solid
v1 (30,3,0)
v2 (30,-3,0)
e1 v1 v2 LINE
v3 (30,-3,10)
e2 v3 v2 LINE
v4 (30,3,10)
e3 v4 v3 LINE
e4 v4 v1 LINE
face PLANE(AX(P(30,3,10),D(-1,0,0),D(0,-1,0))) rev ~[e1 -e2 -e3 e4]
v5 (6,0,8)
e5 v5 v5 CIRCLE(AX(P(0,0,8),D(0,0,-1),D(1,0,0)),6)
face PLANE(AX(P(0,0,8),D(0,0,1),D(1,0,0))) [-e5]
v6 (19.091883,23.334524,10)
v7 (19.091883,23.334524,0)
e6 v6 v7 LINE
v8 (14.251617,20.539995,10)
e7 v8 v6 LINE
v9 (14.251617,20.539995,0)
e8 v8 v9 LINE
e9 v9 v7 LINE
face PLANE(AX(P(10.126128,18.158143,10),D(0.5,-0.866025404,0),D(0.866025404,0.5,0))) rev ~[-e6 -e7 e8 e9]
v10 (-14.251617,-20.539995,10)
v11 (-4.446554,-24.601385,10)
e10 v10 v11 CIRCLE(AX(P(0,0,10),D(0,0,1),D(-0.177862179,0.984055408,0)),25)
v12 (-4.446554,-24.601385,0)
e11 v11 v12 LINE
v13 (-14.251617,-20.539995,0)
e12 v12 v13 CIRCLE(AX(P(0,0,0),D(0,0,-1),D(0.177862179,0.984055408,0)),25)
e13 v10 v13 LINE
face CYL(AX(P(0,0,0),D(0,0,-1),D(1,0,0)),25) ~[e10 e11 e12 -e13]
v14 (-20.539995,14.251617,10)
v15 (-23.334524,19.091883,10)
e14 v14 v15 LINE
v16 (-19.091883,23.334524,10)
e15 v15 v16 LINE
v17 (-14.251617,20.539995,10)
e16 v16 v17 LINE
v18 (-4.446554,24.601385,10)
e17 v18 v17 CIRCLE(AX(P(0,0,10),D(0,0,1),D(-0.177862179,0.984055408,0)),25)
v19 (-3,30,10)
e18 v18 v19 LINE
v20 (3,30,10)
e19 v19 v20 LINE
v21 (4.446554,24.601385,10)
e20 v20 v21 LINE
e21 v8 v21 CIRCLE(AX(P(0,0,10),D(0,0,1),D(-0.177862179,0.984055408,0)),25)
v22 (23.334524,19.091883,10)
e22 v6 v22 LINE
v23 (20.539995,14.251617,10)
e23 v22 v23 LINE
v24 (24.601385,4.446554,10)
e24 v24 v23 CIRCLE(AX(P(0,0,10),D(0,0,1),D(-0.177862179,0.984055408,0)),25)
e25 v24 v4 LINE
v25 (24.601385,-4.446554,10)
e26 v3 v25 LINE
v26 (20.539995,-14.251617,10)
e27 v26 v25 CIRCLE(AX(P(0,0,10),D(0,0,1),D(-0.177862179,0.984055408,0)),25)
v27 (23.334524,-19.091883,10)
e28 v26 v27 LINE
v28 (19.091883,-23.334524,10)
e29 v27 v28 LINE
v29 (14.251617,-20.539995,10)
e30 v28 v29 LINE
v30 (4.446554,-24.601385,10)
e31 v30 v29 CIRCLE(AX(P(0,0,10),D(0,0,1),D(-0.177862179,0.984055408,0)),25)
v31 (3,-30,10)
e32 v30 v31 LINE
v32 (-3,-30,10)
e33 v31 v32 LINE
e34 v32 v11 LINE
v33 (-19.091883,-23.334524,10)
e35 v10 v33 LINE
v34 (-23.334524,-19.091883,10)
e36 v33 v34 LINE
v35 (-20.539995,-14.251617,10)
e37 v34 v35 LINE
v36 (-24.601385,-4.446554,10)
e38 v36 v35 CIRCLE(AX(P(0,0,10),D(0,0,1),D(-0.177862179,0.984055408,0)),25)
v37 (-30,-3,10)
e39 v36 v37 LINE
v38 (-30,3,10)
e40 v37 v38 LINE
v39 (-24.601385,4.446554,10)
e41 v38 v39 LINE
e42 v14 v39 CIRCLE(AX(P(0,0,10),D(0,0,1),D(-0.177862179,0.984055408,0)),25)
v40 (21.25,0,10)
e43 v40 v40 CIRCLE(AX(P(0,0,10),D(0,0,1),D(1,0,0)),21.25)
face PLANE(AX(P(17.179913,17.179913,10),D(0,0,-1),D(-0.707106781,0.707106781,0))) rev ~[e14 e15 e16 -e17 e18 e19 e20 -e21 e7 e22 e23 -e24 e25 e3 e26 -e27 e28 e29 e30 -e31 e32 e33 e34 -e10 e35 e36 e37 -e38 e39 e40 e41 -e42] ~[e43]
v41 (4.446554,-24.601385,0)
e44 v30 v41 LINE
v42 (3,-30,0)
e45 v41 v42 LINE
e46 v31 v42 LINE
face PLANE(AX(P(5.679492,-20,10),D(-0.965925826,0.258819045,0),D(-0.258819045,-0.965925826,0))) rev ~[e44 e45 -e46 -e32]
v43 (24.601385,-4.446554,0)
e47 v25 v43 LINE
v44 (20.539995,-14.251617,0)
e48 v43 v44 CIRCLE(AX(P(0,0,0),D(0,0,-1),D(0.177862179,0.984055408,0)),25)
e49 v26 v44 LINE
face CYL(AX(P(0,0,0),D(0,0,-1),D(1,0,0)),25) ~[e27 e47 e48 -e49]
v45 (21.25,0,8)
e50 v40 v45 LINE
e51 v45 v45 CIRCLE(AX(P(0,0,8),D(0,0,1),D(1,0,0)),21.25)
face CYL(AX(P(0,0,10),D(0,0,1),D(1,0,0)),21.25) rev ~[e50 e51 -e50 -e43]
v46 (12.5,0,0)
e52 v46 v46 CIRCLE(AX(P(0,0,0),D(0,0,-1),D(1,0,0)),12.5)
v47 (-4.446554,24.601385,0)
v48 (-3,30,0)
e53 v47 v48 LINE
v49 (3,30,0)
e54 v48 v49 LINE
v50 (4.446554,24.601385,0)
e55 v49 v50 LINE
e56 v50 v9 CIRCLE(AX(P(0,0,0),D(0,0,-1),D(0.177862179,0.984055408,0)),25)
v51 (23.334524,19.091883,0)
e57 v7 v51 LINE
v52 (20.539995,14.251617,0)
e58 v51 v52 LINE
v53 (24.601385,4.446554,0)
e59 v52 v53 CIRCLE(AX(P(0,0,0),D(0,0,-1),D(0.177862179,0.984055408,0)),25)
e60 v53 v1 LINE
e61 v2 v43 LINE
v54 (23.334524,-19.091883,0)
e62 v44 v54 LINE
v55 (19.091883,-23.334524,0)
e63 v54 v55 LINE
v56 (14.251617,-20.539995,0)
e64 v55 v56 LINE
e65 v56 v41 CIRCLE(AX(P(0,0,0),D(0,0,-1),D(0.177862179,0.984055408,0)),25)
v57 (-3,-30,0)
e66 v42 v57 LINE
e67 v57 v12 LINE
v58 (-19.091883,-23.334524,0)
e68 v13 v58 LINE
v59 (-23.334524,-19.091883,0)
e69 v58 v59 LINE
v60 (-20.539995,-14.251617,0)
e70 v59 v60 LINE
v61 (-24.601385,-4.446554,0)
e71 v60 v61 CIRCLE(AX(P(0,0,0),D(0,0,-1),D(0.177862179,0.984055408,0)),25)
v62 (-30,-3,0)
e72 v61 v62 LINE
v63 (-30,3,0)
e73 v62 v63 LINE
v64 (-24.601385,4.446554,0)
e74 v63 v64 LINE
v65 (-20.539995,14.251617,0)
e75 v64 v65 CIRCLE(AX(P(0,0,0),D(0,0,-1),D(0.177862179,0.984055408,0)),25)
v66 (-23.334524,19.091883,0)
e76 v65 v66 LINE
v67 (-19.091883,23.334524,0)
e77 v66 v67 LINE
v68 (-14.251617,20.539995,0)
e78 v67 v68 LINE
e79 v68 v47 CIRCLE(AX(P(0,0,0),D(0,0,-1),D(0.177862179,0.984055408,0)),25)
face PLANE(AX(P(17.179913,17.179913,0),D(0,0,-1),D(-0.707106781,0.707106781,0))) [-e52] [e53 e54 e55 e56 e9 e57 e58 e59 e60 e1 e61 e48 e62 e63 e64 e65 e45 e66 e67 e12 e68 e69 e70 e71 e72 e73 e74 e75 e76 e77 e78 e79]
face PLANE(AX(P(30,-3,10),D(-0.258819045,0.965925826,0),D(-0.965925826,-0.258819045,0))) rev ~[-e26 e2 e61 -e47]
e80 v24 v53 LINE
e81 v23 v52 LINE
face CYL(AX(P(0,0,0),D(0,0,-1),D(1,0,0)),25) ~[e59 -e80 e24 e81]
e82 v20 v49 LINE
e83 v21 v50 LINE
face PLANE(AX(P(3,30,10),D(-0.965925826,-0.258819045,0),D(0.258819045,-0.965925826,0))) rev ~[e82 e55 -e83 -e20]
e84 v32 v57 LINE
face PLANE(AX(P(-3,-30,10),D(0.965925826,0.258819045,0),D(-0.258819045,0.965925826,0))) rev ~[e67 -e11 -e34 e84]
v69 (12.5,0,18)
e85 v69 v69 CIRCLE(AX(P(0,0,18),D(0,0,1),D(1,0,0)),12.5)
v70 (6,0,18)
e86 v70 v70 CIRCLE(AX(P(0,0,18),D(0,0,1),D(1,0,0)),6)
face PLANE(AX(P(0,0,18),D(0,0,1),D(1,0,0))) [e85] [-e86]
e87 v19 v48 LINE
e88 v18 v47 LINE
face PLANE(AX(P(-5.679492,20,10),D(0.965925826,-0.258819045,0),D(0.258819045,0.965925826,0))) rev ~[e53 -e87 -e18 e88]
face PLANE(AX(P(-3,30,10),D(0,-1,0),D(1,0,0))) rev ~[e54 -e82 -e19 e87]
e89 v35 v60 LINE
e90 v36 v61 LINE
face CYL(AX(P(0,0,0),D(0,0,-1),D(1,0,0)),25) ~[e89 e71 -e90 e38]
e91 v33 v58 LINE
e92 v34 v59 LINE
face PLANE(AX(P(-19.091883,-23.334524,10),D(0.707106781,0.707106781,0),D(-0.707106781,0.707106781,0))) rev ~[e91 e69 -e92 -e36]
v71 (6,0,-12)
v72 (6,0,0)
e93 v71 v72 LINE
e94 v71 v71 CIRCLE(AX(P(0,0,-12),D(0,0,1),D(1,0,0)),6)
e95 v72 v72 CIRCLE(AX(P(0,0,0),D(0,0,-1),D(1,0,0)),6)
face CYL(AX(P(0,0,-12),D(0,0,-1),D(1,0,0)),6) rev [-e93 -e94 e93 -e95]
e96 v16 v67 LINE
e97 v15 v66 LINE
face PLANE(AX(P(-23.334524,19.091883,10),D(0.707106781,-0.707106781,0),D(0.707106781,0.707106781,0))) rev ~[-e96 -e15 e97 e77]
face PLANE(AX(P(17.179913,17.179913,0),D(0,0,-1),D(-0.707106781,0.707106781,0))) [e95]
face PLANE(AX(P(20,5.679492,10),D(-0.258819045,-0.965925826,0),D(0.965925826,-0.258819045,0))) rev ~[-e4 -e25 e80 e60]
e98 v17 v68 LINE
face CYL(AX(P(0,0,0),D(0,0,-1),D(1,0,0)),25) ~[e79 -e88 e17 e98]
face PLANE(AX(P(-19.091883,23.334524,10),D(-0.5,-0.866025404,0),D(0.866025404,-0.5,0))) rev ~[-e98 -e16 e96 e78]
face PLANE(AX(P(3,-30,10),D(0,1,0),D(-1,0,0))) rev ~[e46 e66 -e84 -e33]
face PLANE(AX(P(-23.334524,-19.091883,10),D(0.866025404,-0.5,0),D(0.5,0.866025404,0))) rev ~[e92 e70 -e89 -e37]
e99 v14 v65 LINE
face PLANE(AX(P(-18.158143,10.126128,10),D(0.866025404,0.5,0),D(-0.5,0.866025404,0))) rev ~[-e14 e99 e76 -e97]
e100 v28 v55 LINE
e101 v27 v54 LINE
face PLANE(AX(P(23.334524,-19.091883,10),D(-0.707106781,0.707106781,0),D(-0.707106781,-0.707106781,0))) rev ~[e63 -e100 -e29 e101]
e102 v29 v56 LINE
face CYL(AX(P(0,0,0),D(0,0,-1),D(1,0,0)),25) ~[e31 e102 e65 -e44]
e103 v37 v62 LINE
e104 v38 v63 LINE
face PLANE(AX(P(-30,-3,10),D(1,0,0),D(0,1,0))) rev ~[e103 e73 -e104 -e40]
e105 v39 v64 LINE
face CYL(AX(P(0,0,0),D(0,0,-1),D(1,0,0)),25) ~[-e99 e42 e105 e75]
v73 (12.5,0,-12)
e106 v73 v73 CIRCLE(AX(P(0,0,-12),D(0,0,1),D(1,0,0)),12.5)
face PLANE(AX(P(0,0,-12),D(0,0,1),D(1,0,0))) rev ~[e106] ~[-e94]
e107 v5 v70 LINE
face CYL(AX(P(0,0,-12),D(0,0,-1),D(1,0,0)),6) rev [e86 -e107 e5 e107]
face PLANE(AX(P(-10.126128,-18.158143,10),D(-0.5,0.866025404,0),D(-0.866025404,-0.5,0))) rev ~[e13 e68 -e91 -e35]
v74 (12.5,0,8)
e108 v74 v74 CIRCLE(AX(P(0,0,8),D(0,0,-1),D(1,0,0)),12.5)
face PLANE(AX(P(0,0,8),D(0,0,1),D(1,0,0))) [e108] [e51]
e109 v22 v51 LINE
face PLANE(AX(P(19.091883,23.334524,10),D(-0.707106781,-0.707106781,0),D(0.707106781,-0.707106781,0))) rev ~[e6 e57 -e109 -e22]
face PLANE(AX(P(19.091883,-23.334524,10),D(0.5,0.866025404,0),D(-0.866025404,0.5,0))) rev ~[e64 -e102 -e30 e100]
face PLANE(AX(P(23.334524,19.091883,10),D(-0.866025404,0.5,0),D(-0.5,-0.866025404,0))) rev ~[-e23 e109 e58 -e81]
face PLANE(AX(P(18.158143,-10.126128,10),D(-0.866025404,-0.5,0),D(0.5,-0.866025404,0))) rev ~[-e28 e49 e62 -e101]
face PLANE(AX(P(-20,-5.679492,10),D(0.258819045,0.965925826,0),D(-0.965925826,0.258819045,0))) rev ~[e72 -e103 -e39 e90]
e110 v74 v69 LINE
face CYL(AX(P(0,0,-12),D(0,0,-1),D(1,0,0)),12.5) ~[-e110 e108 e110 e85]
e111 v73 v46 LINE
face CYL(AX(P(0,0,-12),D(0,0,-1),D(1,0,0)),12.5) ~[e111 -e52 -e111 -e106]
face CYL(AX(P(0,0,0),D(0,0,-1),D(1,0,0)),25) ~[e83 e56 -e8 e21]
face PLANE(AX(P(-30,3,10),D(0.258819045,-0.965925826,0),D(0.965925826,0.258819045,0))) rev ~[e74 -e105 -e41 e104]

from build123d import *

# Parameters (mm, degrees)
SKETCH1_R           = 25
EXTRUDE1_DEPTH      = 10
EXTRUDE2_DEPTH      = 10
CIRPATTERN1_COUNT   = 8
SKETCH3_R           = 21.25
CUT_EXTRUDE1_DEPTH  = 2
EXTRUDE3_DEPTH      = 10
EXTRUDE3_DEPTH_BACK = 20
SKETCH4_R           = 12.5
SKETCH4_R_2         = 6


with BuildPart() as part:
    # Sketch1 → Extrude1 (new body)
    with BuildSketch(Plane.XY):
        Circle(SKETCH1_R)
    extrude(amount=EXTRUDE1_DEPTH)

    # Sketch2 → Extrude2 (add)
    with BuildSketch(Plane.XY.offset(10)):
        Polygon((-3, 30), (3, 30), (5.679491924, 20), (-5.679491924, 20), align=None)
    extrude2 = extrude(amount=-EXTRUDE2_DEPTH)

    # CirPattern1: Extrude2 ×8 about axis
    cirpattern1_axis = Axis((0, 0, 0), (0, 0, 1))
    for i in range(1, CIRPATTERN1_COUNT):
        add(extrude2.rotate(cirpattern1_axis, i * 360 / CIRPATTERN1_COUNT))

    # Sketch3 → Cut-Extrude1 (cut)
    with BuildSketch(Plane.XY.offset(10)):
        Circle(SKETCH3_R)
    extrude(amount=-CUT_EXTRUDE1_DEPTH, mode=Mode.SUBTRACT)

    # Sketch4 → Extrude3 (add, two sides: drawn at the far end of the back side and taken through both)
    with BuildSketch(Plane.XY.offset(8).offset(-EXTRUDE3_DEPTH_BACK)):
        Circle(SKETCH4_R)
        Circle(SKETCH4_R_2, mode=Mode.SUBTRACT)
    extrude(amount=EXTRUDE3_DEPTH + EXTRUDE3_DEPTH_BACK)


solid = part.part
